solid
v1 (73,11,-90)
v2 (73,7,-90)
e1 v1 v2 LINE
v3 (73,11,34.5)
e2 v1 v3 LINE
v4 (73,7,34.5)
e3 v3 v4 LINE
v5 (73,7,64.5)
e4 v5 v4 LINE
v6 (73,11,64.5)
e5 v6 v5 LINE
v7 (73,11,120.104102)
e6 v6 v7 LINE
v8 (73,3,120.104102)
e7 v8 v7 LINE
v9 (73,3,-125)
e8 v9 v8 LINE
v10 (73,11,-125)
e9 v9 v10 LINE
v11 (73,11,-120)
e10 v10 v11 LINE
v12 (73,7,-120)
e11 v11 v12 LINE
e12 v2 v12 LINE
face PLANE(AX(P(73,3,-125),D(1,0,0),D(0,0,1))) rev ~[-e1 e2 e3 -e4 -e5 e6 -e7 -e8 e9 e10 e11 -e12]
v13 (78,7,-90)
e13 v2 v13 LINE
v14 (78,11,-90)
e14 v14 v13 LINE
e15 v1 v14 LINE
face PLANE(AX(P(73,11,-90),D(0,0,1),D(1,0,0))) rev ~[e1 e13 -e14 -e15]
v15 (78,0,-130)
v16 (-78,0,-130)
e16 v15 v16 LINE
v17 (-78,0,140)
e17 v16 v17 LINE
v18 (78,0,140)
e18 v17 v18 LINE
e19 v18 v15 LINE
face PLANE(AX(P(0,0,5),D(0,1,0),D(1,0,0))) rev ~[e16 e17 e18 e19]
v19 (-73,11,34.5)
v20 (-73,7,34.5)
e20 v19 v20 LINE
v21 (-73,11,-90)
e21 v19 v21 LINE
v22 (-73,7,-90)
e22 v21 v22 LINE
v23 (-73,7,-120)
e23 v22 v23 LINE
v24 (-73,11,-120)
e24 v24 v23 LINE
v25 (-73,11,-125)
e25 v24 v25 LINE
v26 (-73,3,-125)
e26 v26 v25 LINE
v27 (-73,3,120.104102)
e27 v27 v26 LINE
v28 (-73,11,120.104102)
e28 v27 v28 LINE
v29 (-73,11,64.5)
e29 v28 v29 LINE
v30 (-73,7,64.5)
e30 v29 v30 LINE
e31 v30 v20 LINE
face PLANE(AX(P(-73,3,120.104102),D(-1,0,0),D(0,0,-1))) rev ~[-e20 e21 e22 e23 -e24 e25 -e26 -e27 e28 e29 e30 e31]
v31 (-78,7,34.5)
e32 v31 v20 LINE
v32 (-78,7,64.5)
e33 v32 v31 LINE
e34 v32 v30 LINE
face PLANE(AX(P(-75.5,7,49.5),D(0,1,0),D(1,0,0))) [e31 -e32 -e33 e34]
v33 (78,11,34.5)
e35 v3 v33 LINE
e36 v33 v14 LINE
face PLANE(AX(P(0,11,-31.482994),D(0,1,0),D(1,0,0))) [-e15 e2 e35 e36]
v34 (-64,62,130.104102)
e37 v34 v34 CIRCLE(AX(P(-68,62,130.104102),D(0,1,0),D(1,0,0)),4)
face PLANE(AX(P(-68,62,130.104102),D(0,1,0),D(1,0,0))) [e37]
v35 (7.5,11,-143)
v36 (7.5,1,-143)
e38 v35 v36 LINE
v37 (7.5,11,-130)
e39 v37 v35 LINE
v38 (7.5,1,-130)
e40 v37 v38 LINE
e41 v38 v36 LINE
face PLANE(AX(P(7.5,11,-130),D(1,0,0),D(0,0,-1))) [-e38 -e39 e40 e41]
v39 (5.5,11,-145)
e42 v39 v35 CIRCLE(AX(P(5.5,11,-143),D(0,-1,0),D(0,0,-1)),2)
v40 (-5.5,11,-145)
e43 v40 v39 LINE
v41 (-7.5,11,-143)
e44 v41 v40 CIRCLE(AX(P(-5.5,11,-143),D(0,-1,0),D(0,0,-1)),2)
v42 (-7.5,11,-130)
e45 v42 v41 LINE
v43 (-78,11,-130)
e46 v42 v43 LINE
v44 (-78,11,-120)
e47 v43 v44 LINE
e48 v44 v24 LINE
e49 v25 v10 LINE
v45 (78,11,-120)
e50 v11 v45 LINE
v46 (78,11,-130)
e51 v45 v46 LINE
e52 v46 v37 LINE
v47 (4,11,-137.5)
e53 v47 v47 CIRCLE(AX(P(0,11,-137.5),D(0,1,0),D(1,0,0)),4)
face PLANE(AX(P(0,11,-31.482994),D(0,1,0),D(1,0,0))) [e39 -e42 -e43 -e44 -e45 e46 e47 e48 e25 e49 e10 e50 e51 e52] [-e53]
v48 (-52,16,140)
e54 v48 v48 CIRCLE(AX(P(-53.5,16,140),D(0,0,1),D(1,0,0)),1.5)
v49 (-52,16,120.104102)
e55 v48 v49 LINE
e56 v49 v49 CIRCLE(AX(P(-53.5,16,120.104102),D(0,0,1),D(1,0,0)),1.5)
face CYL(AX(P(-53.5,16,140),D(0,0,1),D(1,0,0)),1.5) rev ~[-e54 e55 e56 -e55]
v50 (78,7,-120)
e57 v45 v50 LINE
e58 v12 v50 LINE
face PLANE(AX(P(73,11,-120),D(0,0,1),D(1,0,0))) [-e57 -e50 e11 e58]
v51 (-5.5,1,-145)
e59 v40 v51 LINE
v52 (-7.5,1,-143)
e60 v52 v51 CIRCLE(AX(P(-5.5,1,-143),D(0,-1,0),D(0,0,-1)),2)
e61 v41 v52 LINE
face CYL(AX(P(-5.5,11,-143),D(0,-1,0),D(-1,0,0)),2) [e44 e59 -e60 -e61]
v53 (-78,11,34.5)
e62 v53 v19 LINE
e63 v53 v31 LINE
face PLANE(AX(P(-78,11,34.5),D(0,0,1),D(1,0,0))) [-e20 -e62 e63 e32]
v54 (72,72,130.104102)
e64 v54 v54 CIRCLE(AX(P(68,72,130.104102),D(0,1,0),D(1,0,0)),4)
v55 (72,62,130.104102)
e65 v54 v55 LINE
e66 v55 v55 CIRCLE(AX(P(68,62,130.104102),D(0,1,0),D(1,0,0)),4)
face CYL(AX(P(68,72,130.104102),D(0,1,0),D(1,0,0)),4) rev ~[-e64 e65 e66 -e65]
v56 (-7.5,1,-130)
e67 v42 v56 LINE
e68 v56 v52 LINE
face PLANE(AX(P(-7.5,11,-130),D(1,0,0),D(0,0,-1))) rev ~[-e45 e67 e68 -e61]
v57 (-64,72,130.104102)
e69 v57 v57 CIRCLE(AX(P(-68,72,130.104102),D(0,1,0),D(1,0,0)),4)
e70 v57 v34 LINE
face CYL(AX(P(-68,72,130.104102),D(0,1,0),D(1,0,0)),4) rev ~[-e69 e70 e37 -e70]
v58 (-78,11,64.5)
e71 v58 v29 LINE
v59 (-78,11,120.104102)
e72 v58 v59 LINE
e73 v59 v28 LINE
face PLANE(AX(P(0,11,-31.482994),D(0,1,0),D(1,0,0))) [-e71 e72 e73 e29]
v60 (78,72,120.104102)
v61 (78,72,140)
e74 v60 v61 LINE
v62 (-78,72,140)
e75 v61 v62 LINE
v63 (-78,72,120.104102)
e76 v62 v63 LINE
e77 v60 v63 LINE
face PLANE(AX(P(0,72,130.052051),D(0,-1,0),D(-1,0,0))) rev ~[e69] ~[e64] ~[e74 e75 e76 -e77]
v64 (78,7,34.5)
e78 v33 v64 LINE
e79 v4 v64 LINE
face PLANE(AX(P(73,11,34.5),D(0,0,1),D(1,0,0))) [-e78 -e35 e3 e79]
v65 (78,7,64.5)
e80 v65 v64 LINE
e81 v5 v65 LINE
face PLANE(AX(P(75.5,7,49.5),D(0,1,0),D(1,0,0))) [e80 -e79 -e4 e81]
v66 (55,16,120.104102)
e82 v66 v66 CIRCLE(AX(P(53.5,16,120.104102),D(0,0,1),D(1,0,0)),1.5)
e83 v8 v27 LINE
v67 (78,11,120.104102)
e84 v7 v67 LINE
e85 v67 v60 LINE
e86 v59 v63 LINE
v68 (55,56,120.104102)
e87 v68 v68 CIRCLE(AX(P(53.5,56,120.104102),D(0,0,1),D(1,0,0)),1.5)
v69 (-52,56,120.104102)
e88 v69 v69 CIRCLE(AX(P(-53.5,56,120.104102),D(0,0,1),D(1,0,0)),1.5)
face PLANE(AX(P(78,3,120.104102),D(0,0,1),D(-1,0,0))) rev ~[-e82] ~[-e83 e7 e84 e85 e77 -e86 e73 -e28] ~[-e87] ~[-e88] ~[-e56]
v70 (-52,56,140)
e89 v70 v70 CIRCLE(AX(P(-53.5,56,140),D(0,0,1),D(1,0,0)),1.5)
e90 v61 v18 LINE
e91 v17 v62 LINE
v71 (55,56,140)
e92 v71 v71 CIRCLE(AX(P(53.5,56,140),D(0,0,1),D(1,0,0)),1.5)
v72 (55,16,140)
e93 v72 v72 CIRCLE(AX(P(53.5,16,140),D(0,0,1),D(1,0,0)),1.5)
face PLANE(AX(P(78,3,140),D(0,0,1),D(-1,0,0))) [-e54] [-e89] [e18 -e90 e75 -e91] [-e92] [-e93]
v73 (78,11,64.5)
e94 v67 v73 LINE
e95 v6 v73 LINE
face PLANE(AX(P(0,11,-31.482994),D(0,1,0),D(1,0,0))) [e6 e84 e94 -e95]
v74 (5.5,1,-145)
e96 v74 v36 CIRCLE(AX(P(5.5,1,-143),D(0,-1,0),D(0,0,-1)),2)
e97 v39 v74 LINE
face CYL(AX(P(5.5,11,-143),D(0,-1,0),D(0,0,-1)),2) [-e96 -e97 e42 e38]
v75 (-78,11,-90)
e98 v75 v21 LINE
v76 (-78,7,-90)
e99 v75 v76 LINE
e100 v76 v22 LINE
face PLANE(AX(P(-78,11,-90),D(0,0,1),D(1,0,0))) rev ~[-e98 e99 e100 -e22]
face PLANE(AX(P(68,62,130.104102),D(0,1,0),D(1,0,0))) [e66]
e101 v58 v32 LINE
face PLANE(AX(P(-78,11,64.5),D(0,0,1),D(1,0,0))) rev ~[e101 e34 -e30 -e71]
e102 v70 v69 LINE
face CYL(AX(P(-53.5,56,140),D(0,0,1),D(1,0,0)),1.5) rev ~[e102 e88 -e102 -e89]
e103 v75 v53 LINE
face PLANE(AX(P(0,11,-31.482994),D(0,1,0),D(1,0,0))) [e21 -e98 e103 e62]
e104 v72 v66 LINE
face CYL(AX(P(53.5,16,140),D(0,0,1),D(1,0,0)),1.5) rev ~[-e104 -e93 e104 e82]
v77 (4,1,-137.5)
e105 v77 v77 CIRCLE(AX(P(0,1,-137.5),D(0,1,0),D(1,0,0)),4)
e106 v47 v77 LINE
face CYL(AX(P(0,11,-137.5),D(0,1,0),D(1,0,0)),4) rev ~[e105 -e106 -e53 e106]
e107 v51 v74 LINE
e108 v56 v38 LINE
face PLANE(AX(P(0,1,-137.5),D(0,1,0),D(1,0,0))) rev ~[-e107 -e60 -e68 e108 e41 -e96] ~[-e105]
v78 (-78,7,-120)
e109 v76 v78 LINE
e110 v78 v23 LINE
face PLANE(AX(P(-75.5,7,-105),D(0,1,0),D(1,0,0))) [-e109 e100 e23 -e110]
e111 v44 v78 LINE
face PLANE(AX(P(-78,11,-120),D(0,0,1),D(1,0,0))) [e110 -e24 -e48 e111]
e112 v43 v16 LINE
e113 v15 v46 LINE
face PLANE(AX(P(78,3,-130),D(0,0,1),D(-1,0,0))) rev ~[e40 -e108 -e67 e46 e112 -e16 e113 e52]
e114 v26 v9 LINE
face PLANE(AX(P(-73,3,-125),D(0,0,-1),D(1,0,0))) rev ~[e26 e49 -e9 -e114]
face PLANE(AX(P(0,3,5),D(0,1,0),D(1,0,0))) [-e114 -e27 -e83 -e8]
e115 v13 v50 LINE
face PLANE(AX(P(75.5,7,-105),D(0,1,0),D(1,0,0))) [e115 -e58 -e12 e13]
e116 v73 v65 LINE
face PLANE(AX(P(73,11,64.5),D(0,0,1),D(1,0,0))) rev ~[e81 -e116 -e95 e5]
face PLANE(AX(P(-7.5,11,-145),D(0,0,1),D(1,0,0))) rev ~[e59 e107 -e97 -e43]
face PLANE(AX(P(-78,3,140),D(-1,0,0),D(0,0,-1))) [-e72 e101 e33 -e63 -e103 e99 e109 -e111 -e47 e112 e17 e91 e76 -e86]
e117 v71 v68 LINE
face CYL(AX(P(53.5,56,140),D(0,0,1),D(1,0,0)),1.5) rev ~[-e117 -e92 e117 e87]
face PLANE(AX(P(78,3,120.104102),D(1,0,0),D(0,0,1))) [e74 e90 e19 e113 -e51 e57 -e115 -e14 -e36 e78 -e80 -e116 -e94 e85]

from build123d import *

# Parameters (mm, degrees)
BOSS_EXTRUDE1_DEPTH = 3
BOSS_EXTRUDE2_DEPTH = 8
BOSS_EXTRUDE3_DEPTH = 69
SKETCH4_R           = 4
CUT_EXTRUDE1_DEPTH  = 10
SKETCH5_W           = 5
SKETCH5_H           = 30
CUT_EXTRUDE2_DEPTH  = 4
SKETCH6_W           = 15
SKETCH6_H           = 15
BOSS_EXTRUDE4_DEPTH = 10
SKETCH7_R           = 4
CUT_EXTRUDE3_DEPTH  = 10
FILLET1_R           = 2
SKETCH8_R           = 1.5
CUT_EXTRUDE4_DEPTH  = 286


with BuildPart() as part:
    # Sketch1 → Boss-Extrude1 (new body)
    with BuildSketch(Plane(origin=(0, 0, 0), x_dir=(1, 0, 0), z_dir=(0, 1, 0))):
        Polygon((-78, -130), (-78, -140), (78, -140), (78, -130), (78, 130), (-78, 130), align=None)
    extrude(amount=BOSS_EXTRUDE1_DEPTH)

    # Sketch2 → Boss-Extrude2 (add)
    with BuildSketch(Plane(origin=(0, 3, 0), x_dir=(1, 0, 0), z_dir=(0, 1, 0))):
        Polygon((-73, -120.104101991), (-73, 125), (73, 125), (73, -120.104101991), (78, -120.104101991), (78, 130), (-78, 130), (-78, -120.104101991), align=None)
    extrude(amount=BOSS_EXTRUDE2_DEPTH)

    # Sketch3 → Boss-Extrude3 (add)
    with BuildSketch(Plane(origin=(0, 3, 0), x_dir=(1, 0, 0), z_dir=(0, 1, 0))):
        Polygon((73, -120.104101991), (78, -120.104101991), (78, -140), (-78, -140), (-78, -120.104101991), (-73, -120.104101991), align=None)
    extrude(amount=BOSS_EXTRUDE3_DEPTH)

    # Sketch4 → Cut-Extrude1 (cut)
    with BuildSketch(Plane(origin=(0, 72, 0), x_dir=(1, 0, 0), z_dir=(0, 1, 0))):
        with Locations((-68, -130.104101991)):
            Circle(SKETCH4_R)
        with Locations((68, -130.104101991)):
            Circle(SKETCH4_R)
    extrude(amount=-CUT_EXTRUDE1_DEPTH, mode=Mode.SUBTRACT)

    # Sketch5 → Cut-Extrude2 (cut)
    with BuildSketch(Plane(origin=(0, 11, 0), x_dir=(1, 0, 0), z_dir=(0, 1, 0))):
        with Locations((-75.5, 105)):
            Rectangle(SKETCH5_W, SKETCH5_H)
        with Locations((-75.5, -49.5)):
            Rectangle(SKETCH5_W, SKETCH5_H)
        with Locations((75.5, -49.5)):
            Rectangle(SKETCH5_W, SKETCH5_H)
        with Locations((75.5, 105)):
            Rectangle(SKETCH5_W, SKETCH5_H)
    extrude(amount=-CUT_EXTRUDE2_DEPTH, mode=Mode.SUBTRACT)

    # Sketch6 → Boss-Extrude4 (add)
    with BuildSketch(Plane(origin=(0, 11, 0), x_dir=(1, 0, 0), z_dir=(0, 1, 0))):
        with Locations((0, 137.5)):
            Rectangle(SKETCH6_W, SKETCH6_H)
    extrude(amount=-BOSS_EXTRUDE4_DEPTH)

    # Sketch7 → Cut-Extrude3 (cut)
    with BuildSketch(Plane(origin=(0, 11, 0), x_dir=(1, 0, 0), z_dir=(0, 1, 0))):
        with Locations((0, 137.5)):
            Circle(SKETCH7_R)
    extrude(amount=-CUT_EXTRUDE3_DEPTH, mode=Mode.SUBTRACT)

    # Fillet1
    fillet1_edges = [part.edges().sort_by_distance(p)[0] for p in [
        (7.5, 6, -145),
        (-7.5, 6, -145),
    ]]
    fillet(fillet1_edges, radius=FILLET1_R)

    # Sketch8 → Cut-Extrude4 (cut, through all)
    with BuildSketch(Plane.XY.offset(140)):
        with Locations((53.5, 56)):
            Circle(SKETCH8_R)
        with Locations((53.5, 16)):
            Circle(SKETCH8_R)
        with Locations((-53.5, 16)):
            Circle(SKETCH8_R)
        with Locations((-53.5, 56)):
            Circle(SKETCH8_R)
    extrude(amount=-CUT_EXTRUDE4_DEPTH, mode=Mode.SUBTRACT)


solid = part.part
